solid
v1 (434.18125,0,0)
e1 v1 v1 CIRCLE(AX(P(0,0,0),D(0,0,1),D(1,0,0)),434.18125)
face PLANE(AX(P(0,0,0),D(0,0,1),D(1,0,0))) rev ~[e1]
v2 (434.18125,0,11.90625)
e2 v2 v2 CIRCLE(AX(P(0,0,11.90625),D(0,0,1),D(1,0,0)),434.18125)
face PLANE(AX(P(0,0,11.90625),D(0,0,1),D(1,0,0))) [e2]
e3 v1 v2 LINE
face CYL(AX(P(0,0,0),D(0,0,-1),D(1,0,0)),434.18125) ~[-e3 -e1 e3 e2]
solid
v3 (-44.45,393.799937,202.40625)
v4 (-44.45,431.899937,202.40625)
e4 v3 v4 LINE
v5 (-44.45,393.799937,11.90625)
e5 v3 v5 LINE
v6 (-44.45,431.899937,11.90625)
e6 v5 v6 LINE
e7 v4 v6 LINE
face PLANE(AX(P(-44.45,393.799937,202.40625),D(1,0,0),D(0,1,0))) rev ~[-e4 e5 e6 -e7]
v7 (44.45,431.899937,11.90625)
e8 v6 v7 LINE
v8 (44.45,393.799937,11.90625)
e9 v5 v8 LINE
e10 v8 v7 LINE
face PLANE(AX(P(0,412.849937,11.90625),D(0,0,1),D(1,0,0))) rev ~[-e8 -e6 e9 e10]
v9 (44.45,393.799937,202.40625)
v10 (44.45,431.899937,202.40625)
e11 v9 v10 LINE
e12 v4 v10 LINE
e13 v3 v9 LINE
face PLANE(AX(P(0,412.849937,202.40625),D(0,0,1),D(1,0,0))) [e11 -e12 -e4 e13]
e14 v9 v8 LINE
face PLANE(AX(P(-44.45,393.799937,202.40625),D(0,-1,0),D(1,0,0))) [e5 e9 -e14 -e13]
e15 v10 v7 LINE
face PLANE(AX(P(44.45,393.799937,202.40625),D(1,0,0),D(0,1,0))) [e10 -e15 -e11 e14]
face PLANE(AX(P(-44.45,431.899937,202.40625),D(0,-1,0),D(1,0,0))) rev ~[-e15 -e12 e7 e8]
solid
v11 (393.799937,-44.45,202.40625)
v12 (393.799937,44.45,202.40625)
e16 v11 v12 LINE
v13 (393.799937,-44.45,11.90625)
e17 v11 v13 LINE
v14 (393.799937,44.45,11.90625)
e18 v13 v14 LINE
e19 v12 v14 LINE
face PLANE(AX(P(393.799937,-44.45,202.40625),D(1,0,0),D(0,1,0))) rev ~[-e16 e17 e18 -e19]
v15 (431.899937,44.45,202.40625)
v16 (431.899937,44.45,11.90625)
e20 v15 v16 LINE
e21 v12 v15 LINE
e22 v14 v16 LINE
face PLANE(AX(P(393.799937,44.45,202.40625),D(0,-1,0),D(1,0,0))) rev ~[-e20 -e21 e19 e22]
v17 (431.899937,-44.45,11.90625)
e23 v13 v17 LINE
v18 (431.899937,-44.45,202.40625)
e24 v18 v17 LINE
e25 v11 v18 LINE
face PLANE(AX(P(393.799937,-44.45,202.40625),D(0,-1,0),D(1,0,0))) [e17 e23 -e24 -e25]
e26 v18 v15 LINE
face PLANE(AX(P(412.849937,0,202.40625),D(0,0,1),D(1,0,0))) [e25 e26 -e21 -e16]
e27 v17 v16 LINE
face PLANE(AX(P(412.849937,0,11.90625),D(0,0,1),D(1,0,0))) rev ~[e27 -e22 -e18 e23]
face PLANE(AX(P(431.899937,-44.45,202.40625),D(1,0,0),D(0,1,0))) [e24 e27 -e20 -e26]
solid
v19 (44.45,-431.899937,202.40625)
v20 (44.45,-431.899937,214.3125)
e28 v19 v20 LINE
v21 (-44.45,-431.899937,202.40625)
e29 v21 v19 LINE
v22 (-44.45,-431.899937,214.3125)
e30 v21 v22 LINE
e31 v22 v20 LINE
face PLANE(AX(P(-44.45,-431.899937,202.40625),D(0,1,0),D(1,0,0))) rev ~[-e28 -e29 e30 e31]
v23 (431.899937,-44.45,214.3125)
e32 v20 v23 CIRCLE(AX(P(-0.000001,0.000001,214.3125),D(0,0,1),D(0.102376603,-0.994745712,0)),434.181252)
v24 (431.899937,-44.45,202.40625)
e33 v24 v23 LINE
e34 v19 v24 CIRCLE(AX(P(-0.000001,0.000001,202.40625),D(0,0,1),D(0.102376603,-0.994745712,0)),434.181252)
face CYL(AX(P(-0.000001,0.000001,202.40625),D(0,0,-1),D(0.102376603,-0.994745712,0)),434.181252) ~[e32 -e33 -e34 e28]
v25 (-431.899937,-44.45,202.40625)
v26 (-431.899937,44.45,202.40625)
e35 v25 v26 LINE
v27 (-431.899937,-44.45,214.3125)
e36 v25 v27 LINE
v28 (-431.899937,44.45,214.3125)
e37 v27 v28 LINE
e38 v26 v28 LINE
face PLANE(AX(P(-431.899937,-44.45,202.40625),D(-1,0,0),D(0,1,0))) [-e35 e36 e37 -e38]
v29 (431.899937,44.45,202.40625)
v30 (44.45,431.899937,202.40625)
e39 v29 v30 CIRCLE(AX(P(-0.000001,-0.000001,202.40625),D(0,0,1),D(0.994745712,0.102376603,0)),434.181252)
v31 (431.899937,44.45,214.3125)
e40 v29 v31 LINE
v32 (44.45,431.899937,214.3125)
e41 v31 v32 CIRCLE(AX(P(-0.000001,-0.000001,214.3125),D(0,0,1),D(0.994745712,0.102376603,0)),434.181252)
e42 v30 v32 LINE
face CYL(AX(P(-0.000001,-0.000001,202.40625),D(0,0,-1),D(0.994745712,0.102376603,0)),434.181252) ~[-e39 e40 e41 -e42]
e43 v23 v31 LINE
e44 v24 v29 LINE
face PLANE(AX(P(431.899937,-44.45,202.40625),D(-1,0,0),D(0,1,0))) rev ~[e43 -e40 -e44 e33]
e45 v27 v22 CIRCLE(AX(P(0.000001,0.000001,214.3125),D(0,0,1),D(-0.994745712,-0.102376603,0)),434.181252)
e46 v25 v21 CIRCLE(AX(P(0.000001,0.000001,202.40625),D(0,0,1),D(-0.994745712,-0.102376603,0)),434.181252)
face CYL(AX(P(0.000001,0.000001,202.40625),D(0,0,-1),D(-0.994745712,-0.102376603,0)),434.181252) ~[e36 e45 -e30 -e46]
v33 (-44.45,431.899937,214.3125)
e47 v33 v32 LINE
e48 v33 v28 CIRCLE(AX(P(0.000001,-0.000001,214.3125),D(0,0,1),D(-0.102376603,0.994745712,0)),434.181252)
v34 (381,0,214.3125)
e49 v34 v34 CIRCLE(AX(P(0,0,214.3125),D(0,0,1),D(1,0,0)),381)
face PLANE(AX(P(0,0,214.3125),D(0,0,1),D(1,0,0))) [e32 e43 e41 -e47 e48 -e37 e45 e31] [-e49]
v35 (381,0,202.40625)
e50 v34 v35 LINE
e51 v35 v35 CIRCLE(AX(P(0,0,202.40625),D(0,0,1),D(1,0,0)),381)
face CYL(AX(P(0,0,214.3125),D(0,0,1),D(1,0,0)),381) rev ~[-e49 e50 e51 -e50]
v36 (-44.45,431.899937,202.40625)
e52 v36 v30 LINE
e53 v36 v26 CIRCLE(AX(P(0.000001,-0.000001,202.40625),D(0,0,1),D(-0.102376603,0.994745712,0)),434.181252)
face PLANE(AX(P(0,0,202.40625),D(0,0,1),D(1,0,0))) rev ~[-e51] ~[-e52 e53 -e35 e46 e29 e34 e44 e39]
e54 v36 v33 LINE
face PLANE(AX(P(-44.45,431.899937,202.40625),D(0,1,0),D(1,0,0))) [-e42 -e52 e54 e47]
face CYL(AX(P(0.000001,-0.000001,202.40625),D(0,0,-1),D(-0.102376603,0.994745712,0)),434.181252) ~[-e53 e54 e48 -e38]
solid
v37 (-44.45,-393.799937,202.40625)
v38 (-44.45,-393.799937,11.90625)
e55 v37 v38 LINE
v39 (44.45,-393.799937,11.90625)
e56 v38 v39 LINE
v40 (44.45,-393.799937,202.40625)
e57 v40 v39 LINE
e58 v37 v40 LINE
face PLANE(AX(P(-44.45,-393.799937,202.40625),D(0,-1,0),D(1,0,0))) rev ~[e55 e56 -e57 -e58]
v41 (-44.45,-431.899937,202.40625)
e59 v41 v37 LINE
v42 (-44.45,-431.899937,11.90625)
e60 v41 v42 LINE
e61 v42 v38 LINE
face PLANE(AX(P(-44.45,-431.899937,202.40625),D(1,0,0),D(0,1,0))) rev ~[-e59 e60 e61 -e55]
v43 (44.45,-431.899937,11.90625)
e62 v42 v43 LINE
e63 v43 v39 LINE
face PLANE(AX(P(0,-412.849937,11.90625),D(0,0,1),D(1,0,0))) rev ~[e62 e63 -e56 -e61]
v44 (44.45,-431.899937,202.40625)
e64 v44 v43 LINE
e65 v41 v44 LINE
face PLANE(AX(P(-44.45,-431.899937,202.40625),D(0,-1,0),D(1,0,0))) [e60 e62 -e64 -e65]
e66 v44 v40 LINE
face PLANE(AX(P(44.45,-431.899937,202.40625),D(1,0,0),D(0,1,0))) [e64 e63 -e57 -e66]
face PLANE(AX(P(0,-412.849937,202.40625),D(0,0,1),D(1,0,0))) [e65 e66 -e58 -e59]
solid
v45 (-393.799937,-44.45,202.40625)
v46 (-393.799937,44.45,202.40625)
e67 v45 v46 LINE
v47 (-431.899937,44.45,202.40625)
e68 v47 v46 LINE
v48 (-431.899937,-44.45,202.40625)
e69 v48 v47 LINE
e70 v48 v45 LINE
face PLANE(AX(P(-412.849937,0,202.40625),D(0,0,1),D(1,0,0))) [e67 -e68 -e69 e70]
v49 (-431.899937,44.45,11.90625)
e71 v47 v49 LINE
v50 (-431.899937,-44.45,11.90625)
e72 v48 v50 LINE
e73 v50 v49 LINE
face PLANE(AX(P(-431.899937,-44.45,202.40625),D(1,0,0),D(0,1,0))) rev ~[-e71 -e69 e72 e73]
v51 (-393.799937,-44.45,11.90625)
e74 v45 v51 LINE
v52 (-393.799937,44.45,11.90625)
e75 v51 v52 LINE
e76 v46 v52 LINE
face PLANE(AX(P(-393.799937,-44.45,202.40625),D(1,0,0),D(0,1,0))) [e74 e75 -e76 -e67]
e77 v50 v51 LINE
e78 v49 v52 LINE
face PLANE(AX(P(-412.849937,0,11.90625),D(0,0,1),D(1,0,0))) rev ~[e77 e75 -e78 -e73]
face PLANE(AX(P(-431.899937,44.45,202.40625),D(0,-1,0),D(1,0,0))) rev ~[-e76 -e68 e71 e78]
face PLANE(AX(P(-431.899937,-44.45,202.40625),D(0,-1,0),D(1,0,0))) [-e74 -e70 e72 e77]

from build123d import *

# Parameters (mm, degrees)
F0_R     = 434.18125
F1_DEPTH = 11.90625
F3_W     = 88.9
F3_H     = 38.1
F3_W_2   = 38.1
F3_H_2   = 88.9
F4_DEPTH = 190.5
F5_DEPTH = 11.90625
F6_R     = 381
F7_DEPTH = 25.4


with BuildPart() as f1:
    # F0 (on Top) → F1 (new body)
    with BuildSketch(Plane.XY):
        Circle(F0_R)
    extrude(amount=F1_DEPTH)


with BuildPart() as f4:
    # F3 (on offset) → F4 (new body, through all)
    with BuildSketch(Plane.XY.offset(202.40625)):
        with Locations((0, 412.849937)):
            Rectangle(F3_W, F3_H)
        with Locations((412.849937, 0)):
            Rectangle(F3_W_2, F3_H_2)
        with Locations((0, -412.849937)):
            Rectangle(F3_W, F3_H)
        with Locations((-412.849937, 0)):
            Rectangle(F3_W_2, F3_H_2)
    extrude(amount=-F4_DEPTH)


with BuildPart() as f5:
    # F3 (on offset) → F5 (new body)
    with BuildSketch(Plane.XY.offset(202.40625)):
        with BuildLine():
            Line((393.799937, 44.45), (431.899937, 44.45))
            ThreePointArc((431.899937, 44.45), (307.012506, 307.012506), (44.45, 431.899937))
            Line((44.45, 431.899937), (44.45, 393.799937))
            Line((44.45, 393.799937), (-44.45, 393.799937))
            Line((-44.45, 393.799937), (-44.45, 431.899937))
            ThreePointArc((-44.45, 431.899937), (-307.012506, 307.012506), (-431.899937, 44.45))
            Line((-431.899937, 44.45), (-393.799937, 44.45))
            Line((-393.799937, 44.45), (-393.799937, -44.45))
            Line((-393.799937, -44.45), (-431.899937, -44.45))
            ThreePointArc((-431.899937, -44.45), (-307.012506, -307.012506), (-44.45, -431.899937))
            Line((-44.45, -431.899937), (-44.45, -393.799937))
            Line((-44.45, -393.799937), (44.45, -393.799937))
            Line((44.45, -393.799937), (44.45, -431.899937))
            ThreePointArc((44.45, -431.899937), (307.012506, -307.012506), (431.899937, -44.45))
            Line((431.899937, -44.45), (393.799937, -44.45))
            Line((393.799937, -44.45), (393.799937, 44.45))
        make_face()
        with Locations((-412.849937, 0)):
            Rectangle(F3_W_2, F3_H_2)
        with Locations((0, -412.849937)):
            Rectangle(F3_W, F3_H)
        with Locations((412.849937, 0)):
            Rectangle(F3_W_2, F3_H_2)
        with Locations((0, 412.849937)):
            Rectangle(F3_W, F3_H)
    extrude(amount=F5_DEPTH)

    # F6 (on face) → F7 (cut)
    with BuildSketch(Plane.XY.offset(214.3125)):
        Circle(F6_R)
    extrude(amount=-F7_DEPTH, mode=Mode.SUBTRACT)


solid = Compound([f1.part, f4.part, f5.part])
